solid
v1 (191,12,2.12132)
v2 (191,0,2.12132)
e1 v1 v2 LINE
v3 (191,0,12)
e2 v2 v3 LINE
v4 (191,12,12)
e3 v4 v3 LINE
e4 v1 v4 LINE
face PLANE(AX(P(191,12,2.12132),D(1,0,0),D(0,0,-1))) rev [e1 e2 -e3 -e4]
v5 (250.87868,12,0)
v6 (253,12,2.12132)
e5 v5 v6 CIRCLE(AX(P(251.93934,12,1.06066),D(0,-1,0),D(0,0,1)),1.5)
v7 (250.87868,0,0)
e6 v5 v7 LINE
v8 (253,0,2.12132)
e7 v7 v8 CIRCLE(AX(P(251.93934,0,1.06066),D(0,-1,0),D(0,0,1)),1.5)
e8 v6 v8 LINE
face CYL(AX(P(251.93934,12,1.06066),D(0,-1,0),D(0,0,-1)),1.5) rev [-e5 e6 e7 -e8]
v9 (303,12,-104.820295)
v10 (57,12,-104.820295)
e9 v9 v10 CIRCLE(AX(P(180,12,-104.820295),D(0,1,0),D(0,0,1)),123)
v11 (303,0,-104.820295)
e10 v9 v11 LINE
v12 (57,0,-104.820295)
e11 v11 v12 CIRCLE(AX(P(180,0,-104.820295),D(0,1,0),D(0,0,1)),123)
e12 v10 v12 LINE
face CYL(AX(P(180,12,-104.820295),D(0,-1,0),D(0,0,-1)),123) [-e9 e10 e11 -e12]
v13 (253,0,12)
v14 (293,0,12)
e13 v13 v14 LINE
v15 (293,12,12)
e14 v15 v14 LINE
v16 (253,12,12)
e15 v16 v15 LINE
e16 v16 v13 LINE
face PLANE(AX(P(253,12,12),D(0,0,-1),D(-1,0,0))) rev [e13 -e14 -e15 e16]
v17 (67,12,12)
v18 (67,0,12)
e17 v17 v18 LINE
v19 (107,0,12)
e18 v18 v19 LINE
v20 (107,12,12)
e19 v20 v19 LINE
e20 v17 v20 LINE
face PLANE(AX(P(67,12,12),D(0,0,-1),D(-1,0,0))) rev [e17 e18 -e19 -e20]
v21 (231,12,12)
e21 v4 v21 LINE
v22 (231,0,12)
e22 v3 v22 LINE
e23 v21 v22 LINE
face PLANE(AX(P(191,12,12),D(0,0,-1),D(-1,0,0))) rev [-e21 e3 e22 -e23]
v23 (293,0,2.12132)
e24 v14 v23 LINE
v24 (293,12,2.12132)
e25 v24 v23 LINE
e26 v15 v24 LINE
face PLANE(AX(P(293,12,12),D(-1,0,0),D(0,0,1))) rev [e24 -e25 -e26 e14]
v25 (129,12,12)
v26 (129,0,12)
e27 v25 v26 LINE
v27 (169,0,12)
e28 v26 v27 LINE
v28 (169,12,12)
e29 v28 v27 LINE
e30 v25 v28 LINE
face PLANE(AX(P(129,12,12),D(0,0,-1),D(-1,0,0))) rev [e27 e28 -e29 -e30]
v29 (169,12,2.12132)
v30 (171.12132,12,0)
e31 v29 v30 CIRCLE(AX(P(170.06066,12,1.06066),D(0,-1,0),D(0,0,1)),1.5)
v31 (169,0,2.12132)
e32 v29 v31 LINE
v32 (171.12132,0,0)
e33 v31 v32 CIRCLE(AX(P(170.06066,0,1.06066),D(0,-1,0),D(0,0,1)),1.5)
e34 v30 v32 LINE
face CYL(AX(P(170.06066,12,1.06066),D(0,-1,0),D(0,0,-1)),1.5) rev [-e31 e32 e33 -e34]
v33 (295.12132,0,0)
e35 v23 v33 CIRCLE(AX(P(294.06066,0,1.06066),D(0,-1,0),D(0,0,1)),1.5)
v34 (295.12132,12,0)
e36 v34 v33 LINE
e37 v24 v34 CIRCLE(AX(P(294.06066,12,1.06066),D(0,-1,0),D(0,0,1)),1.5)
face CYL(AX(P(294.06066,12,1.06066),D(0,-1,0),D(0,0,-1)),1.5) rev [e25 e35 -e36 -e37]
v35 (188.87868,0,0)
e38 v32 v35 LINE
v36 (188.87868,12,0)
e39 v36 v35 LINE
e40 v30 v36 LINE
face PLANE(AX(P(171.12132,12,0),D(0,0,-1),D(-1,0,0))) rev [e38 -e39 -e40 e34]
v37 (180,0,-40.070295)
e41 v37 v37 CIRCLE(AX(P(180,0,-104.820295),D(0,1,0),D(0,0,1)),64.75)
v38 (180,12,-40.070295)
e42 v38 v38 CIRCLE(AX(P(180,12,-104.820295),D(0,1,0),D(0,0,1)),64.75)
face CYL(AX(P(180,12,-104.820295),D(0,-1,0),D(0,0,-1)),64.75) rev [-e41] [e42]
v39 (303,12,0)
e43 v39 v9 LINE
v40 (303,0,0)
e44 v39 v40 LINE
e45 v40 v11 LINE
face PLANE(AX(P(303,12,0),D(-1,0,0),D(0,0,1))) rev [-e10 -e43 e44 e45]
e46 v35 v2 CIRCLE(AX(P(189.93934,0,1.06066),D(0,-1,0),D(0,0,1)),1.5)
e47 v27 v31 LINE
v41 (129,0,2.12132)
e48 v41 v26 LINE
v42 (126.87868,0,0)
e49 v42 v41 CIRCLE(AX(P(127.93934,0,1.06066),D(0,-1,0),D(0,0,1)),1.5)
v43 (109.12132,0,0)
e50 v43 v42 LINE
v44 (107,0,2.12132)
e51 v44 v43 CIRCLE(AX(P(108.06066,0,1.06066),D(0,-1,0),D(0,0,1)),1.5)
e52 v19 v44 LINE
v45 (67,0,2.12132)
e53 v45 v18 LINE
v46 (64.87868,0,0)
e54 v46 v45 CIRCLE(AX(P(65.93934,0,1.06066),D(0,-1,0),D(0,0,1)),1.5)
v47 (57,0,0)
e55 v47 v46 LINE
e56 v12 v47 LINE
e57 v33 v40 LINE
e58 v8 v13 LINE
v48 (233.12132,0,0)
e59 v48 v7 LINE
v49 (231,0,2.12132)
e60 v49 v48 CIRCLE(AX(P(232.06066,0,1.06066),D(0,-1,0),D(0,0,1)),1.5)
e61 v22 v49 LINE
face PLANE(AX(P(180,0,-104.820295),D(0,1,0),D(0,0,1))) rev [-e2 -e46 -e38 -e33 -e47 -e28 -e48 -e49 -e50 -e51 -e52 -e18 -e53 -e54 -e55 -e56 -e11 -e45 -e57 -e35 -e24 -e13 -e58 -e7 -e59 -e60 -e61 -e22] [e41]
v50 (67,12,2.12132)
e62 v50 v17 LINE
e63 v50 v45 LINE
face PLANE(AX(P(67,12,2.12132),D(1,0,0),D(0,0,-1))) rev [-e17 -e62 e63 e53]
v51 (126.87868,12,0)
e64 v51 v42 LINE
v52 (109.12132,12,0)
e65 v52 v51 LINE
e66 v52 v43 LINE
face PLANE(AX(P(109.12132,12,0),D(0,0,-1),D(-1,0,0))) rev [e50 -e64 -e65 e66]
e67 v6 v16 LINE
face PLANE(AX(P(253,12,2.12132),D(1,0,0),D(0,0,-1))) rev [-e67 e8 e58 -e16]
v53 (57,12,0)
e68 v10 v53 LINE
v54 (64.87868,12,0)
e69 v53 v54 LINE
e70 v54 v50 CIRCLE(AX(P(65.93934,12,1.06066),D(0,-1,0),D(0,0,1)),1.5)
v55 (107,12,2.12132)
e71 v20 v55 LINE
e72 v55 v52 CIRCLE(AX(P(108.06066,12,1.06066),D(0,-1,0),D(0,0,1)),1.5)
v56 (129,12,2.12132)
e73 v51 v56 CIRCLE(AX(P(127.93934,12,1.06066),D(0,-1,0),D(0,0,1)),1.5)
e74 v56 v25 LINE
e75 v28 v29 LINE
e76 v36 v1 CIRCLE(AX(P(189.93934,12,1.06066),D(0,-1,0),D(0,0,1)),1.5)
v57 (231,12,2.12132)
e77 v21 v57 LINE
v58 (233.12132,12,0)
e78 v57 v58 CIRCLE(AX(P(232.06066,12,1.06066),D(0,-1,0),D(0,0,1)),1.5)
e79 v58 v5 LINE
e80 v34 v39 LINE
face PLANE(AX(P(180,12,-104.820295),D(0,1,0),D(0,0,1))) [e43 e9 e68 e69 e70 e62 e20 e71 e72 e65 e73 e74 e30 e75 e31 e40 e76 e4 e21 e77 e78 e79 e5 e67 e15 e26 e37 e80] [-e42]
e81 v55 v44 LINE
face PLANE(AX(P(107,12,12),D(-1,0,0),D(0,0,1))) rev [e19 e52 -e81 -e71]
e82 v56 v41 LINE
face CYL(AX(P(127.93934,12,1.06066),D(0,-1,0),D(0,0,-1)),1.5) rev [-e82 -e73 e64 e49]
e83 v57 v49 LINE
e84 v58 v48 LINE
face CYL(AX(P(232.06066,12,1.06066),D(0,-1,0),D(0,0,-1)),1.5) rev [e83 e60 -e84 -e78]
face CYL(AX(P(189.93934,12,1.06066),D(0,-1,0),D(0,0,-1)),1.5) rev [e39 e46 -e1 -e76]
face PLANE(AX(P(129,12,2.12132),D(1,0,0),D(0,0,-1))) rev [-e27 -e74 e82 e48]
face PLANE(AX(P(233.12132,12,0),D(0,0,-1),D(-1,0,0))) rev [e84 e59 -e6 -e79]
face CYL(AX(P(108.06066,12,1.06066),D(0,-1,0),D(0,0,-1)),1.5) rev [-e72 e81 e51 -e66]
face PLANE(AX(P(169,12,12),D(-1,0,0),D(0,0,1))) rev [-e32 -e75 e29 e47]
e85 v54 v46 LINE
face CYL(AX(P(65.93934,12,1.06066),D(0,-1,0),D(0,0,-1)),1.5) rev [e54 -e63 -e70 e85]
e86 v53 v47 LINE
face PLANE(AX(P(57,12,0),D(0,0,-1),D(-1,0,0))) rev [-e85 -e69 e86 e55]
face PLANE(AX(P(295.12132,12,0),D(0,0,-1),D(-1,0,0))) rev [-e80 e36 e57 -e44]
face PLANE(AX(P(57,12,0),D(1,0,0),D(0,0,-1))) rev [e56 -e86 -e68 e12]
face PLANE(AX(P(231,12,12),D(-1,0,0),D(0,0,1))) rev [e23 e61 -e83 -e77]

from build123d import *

# Parameters (mm, degrees)
CROQUIS1_R              = 64.75
SALIENTE_EXTRUIR2_DEPTH = 12


with BuildPart() as part:
    # Croquis1 → Saliente-Extruir2 (new body)
    with BuildSketch(Plane(origin=(0, 0, 0), x_dir=(1, 0, 0), z_dir=(0, 1, 0))):
        with BuildLine():
            Line((57, 0), (57, 104.820295074))
            ThreePointArc((57, 104.820295074), (180, 227.820295074), (303, 104.820295074))
            Line((303, 104.820295074), (303, 0))
            Line((303, 0), (295.121320344, 0))
            ThreePointArc((295.121320344, 0), (293, 0), (293, -2.121320344))
            Line((293, -2.121320344), (293, -12))
            Line((293, -12), (253, -12))
            Line((253, -12), (253, -2.121320344))
            ThreePointArc((253, -2.121320344), (253, 0), (250.878679656, 0))
            Line((250.878679656, 0), (233.121320344, 0))
            ThreePointArc((233.121320344, 0), (231, 0), (231, -2.121320344))
            Line((231, -2.121320344), (231, -12))
            Line((231, -12), (191, -12))
            Line((191, -12), (191, -2.121320344))
            ThreePointArc((191, -2.121320344), (191, 0), (188.878679656, 0))
            Line((188.878679656, 0), (171.121320344, 0))
            ThreePointArc((171.121320344, 0), (169, 0), (169, -2.121320344))
            Line((169, -2.121320344), (169, -12))
            Line((169, -12), (129, -12))
            Line((129, -12), (129, -2.121320344))
            ThreePointArc((129, -2.121320344), (129, 0), (126.878679656, 0))
            Line((126.878679656, 0), (109.121320344, 0))
            ThreePointArc((109.121320344, 0), (107, 0), (107, -2.121320344))
            Line((107, -2.121320344), (107, -12))
            Line((107, -12), (67, -12))
            Line((67, -12), (67, -2.121320344))
            ThreePointArc((67, -2.121320344), (67, 0), (64.878679656, 0))
            Line((64.878679656, 0), (57, 0))
        make_face()
        with Locations(Location((180, 104.820295074, 0), (0, 0, 270))):
            Circle(CROQUIS1_R, mode=Mode.SUBTRACT)
    extrude(amount=SALIENTE_EXTRUIR2_DEPTH)


solid = part.part
